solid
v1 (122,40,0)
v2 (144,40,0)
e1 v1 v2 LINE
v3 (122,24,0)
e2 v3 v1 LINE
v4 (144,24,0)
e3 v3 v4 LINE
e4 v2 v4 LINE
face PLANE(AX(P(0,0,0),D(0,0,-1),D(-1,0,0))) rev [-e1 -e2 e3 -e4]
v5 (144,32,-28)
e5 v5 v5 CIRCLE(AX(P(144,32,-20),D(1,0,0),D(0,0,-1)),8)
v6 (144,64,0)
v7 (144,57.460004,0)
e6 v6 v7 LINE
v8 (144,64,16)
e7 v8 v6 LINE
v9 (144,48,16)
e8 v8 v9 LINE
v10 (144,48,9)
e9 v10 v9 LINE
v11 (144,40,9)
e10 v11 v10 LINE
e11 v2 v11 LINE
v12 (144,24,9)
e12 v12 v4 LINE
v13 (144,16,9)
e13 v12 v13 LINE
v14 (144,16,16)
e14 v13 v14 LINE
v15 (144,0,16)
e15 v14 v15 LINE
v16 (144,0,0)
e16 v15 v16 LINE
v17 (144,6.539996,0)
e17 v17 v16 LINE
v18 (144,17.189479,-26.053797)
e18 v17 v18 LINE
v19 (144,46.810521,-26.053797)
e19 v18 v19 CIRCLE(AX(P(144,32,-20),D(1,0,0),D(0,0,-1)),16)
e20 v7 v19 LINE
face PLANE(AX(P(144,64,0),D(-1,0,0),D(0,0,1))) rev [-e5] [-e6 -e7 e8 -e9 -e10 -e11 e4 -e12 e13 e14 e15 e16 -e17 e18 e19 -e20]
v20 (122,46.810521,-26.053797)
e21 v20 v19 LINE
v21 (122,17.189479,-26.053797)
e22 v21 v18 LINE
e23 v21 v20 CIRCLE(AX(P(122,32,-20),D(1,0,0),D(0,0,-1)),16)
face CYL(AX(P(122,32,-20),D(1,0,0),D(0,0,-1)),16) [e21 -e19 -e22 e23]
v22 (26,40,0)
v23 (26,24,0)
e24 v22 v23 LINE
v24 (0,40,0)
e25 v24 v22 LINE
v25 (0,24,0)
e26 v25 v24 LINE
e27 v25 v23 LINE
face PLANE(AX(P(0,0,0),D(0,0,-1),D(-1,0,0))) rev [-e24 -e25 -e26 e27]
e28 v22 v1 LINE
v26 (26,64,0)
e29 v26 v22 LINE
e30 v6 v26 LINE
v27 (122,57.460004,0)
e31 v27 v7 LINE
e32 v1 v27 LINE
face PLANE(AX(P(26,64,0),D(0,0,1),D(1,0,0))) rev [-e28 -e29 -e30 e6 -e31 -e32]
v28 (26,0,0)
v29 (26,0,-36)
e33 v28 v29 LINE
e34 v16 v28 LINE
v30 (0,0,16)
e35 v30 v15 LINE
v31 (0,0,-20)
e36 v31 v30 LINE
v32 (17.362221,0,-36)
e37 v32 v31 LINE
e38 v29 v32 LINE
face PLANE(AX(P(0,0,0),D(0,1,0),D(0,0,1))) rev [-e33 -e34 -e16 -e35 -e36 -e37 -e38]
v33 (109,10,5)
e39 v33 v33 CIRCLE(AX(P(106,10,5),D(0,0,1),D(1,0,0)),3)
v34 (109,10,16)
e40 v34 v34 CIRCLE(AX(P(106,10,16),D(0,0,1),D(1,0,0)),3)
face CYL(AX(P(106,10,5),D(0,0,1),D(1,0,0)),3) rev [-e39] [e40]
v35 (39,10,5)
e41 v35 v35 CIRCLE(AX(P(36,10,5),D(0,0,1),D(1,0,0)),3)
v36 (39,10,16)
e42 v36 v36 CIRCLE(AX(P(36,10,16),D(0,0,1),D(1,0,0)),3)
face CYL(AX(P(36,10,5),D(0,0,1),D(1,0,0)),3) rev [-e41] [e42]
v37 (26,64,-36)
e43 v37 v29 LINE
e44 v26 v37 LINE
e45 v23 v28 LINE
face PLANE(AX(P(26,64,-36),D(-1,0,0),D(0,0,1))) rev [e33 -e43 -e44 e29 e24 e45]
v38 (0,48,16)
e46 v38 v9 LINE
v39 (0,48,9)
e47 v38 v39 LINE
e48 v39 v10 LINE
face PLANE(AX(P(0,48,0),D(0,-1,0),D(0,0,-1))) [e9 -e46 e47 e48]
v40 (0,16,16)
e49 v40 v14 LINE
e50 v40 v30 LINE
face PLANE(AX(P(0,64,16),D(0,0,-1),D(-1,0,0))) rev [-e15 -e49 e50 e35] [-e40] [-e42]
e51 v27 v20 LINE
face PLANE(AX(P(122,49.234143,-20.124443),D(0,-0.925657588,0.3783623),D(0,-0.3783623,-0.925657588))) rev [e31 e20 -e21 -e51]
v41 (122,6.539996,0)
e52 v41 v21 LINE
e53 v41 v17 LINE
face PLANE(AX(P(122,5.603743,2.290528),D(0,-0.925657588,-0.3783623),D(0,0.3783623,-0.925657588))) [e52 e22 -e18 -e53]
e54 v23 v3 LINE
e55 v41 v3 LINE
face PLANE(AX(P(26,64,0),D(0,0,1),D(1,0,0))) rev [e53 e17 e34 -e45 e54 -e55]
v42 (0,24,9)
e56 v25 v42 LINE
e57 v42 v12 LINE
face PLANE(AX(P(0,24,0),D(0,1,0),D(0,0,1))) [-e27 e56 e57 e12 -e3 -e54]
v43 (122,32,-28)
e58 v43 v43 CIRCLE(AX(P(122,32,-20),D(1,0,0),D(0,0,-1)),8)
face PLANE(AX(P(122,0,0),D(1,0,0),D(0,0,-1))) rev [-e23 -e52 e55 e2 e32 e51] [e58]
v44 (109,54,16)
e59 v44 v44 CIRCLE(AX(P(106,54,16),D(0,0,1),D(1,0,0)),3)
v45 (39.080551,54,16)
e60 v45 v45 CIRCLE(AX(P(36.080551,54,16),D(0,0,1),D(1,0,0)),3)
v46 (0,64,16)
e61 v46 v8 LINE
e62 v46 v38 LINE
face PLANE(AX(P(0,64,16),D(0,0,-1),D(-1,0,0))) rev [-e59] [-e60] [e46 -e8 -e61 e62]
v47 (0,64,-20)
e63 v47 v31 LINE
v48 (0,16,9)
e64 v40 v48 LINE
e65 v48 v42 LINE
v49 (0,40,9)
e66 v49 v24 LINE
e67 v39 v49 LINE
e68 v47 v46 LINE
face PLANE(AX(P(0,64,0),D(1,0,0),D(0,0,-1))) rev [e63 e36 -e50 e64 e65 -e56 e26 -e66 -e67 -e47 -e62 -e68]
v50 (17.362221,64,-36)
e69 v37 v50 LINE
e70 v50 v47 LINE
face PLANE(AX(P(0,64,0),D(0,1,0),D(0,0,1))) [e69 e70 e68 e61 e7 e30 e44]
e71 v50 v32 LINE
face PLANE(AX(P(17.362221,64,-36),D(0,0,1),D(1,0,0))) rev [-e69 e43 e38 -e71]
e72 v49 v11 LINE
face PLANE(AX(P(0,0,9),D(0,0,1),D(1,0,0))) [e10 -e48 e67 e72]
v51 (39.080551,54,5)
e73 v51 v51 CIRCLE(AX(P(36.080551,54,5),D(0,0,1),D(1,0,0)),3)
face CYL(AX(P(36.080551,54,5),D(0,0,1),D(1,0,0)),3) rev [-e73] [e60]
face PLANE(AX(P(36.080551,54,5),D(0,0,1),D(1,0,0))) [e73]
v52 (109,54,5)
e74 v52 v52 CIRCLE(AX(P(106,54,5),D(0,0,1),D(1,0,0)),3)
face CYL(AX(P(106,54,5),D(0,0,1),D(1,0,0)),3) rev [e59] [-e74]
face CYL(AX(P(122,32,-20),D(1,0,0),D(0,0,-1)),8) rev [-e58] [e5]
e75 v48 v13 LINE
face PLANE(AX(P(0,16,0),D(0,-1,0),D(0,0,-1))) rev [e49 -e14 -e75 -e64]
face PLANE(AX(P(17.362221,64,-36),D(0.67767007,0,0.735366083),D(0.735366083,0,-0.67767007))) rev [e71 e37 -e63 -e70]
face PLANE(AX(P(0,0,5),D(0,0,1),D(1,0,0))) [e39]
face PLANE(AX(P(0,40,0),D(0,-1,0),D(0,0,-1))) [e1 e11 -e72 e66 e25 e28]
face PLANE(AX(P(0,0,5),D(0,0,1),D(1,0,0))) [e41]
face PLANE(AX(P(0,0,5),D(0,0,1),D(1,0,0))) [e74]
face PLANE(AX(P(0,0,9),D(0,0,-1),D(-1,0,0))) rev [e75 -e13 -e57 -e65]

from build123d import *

# Parameters (mm, degrees)
BOSS_EXTRUDE2_DEPTH     = 64
SKETCH8_R               = 8
BOSS_EXTRUDE3_DEPTH     = 22
CUT_EXTRUDE1_DEPTH      = 162.641578809
CUT_EXTRUDE1_DEPTH_BACK = 162.641578809
SKETCH9_R               = 3
CUT_EXTRUDE2_DEPTH      = 11


with BuildPart() as part:
    # Sketch3 → Boss-Extrude2 (new body)
    with BuildSketch(Plane(origin=(0, 0, 0), x_dir=(1, 0, 0), z_dir=(0, 1, 0))):
        Polygon((26, 36), (26, 0), (144, 0), (144, -16), (0, -16), (0, 0), (0, 20), (17.362220716, 36), align=None)
    extrude(amount=BOSS_EXTRUDE2_DEPTH)

    # Sketch8 → Boss-Extrude3 (add)
    with BuildSketch(Plane(origin=(144, 0, 0), x_dir=(0, 0, -1), z_dir=(1, 0, 0))):
        with BuildLine():
            Line((26.053796804, 46.810521404), (-16, 64))
            Line((-16, 64), (-16, 48))
            Line((-16, 48), (-9, 48))
            Line((-9, 48), (-9, 40))
            Line((-9, 40), (0, 40))
            Line((0, 40), (0, 24))
            Line((0, 24), (-9, 24))
            Line((-9, 24), (-9, 16))
            Line((-9, 16), (-16, 16))
            Line((-16, 16), (-16, 0))
            Line((-16, 0), (26.053796804, 17.189478596))
            ThreePointArc((26.053796804, 17.189478596), (36, 32), (26.053796804, 46.810521404))
        make_face()
        with Locations((20, 32)):
            Circle(SKETCH8_R, mode=Mode.SUBTRACT)
    extrude(amount=-BOSS_EXTRUDE3_DEPTH)

    # Sketch8<6> → Cut-Extrude1 (cut, two sides: drawn at the far end of the back side and taken through both)
    with BuildSketch(Plane(origin=(144, 0, 0), x_dir=(0, 0, -1), z_dir=(1, 0, 0)).offset(-CUT_EXTRUDE1_DEPTH_BACK)):
        Polygon((0, 40), (-9, 40), (-9, 48), (-16, 48), (-16, 16), (-9, 16), (-9, 24), (0, 24), align=None)
    extrude(amount=CUT_EXTRUDE1_DEPTH + CUT_EXTRUDE1_DEPTH_BACK, mode=Mode.SUBTRACT)

    # Sketch9 → Cut-Extrude2 (cut)
    with BuildSketch(Plane.XY.offset(16)):
        with Locations((106, 54)):
            Circle(SKETCH9_R)
        with Locations((106, 10)):
            Circle(SKETCH9_R)
        with Locations((36.080551107, 54)):
            Circle(SKETCH9_R)
        with Locations((36, 10)):
            Circle(SKETCH9_R)
    extrude(amount=-CUT_EXTRUDE2_DEPTH, mode=Mode.SUBTRACT)


solid = part.part
